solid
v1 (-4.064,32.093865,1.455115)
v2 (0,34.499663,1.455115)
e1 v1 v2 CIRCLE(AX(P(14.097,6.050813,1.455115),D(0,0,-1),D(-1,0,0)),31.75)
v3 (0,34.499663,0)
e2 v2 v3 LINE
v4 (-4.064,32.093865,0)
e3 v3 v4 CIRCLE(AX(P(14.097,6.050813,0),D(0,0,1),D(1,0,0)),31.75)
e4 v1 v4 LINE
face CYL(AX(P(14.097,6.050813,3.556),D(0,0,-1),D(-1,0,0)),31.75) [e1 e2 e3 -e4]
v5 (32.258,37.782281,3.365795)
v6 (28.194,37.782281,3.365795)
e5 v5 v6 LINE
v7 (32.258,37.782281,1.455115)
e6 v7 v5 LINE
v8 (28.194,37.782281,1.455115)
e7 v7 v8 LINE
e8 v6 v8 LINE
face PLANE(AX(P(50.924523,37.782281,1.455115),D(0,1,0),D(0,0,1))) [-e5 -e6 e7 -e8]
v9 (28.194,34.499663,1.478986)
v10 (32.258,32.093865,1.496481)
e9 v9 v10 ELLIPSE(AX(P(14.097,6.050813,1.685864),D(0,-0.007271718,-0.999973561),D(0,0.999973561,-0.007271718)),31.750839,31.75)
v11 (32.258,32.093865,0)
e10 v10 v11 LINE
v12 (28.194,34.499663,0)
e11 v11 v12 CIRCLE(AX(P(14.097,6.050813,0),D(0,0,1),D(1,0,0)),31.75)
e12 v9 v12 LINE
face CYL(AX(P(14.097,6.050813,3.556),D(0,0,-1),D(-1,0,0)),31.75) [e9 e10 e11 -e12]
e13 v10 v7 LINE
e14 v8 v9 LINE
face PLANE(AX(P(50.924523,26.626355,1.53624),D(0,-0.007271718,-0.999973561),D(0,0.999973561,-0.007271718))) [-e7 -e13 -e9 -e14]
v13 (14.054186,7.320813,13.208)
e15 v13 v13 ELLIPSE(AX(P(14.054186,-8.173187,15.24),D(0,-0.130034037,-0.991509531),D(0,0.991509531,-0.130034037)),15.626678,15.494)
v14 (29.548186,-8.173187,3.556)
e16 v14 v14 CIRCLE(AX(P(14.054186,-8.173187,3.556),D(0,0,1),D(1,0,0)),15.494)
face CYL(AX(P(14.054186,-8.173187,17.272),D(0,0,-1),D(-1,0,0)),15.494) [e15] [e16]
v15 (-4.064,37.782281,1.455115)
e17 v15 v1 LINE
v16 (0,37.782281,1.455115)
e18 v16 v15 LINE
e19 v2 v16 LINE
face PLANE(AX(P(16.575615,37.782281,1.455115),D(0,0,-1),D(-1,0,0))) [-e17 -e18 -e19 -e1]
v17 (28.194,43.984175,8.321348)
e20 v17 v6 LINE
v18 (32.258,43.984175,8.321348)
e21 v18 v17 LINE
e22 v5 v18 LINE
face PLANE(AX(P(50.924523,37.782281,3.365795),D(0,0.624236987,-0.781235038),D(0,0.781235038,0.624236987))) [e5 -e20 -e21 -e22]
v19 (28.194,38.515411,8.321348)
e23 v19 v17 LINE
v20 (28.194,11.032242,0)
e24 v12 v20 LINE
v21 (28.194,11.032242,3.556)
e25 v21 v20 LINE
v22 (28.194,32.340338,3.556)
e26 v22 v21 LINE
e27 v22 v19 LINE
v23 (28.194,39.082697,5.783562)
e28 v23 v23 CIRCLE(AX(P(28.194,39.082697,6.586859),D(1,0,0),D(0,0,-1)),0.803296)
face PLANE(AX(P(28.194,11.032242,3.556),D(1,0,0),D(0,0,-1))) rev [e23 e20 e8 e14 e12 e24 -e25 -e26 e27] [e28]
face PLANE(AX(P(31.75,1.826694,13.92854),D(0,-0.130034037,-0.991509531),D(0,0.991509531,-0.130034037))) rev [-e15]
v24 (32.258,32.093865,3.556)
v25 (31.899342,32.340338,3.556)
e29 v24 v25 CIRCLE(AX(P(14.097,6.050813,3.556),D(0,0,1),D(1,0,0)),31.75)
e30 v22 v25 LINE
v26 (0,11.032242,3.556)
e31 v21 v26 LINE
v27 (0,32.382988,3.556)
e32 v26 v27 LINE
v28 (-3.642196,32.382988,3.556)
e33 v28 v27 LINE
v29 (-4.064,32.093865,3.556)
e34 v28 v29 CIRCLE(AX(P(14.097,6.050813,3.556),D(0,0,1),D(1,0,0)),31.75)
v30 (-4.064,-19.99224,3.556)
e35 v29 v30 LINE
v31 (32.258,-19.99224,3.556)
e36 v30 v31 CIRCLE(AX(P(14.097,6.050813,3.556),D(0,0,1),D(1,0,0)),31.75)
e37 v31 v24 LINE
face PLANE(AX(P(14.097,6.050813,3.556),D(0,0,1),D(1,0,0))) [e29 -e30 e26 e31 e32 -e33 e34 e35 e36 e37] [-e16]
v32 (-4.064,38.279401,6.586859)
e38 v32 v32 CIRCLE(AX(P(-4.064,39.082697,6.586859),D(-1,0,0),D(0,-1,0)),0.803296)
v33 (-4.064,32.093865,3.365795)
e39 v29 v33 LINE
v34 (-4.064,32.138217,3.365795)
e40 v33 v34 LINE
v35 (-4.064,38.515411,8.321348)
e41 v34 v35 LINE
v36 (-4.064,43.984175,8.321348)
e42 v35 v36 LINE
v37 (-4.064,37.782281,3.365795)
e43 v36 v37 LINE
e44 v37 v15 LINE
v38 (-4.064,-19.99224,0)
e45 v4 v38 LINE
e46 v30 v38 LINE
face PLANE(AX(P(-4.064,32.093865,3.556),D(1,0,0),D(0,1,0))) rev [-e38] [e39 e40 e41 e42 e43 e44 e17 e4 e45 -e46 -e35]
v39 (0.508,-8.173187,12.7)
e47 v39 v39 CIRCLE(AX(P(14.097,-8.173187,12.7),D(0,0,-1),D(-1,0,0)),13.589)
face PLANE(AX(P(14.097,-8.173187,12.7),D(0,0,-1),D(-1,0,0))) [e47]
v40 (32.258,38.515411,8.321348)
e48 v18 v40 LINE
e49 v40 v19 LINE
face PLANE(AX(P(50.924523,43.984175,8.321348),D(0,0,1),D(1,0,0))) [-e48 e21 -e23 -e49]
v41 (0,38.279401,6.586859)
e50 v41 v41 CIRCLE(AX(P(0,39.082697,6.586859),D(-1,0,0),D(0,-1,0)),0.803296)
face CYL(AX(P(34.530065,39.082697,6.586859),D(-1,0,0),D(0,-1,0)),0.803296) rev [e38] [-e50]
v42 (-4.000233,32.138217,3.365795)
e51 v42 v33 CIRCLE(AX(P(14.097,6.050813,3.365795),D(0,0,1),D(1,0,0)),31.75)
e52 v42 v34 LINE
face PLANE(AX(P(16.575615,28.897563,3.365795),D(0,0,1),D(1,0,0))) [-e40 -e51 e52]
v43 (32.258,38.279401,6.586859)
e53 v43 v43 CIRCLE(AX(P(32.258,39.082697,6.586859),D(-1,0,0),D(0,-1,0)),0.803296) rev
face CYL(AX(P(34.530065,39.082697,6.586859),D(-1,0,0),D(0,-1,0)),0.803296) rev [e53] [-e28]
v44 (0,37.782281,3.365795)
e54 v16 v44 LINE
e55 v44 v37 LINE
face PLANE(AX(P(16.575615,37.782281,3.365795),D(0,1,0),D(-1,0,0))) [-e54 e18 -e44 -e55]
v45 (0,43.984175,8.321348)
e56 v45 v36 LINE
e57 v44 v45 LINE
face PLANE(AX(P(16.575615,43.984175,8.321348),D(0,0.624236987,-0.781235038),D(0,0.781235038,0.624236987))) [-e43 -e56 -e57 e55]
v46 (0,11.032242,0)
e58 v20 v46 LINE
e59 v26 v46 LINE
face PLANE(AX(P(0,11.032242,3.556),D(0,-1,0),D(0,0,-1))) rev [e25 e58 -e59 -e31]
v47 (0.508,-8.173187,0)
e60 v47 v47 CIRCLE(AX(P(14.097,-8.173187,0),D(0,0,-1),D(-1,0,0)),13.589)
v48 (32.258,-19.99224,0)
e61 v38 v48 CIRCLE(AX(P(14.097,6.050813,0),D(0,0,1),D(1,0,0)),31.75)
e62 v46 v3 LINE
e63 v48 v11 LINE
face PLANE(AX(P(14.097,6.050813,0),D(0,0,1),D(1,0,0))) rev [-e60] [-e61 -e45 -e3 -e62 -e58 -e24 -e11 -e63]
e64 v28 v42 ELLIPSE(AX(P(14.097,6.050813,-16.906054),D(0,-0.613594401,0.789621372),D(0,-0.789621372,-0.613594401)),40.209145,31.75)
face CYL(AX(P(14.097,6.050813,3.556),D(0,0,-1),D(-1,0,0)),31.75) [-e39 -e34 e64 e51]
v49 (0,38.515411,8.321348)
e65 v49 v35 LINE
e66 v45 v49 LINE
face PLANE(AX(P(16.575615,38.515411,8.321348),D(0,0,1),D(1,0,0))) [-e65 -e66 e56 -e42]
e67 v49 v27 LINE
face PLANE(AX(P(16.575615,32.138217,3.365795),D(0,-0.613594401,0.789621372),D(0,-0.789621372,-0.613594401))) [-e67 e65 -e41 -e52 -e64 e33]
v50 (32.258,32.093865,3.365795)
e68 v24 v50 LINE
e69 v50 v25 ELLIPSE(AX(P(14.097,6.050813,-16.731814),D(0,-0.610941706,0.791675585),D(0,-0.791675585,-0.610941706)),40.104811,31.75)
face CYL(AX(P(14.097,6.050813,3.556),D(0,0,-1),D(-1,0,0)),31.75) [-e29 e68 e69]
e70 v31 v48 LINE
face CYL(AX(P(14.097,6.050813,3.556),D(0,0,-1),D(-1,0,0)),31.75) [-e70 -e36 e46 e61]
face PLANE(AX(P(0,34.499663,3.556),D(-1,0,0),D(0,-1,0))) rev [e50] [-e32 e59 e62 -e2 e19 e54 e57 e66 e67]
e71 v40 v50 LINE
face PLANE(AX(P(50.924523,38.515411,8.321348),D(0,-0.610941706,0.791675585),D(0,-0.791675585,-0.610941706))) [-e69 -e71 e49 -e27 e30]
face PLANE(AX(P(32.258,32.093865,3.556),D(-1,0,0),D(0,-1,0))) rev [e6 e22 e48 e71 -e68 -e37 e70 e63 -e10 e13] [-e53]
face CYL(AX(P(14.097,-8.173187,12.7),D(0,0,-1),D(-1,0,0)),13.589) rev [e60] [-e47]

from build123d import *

# Parameters (mm, degrees)
LID_PROFILE_DEPTH           = 3.556
SKETCH2_R                   = 15.494
MOUTHPIECE_COVER_DEPTH      = 13.716
SKETCH5_R                   = 13.589
MOUTHPIECE_INSIDE_DEPTH     = 12.7
MOUTHPIECE_ANGLED_CUT_DEPTH = 31.75
LEFT_LID_HANDLE_REACH       = 54.989
RIGHT_LID_HANDLE_REACH      = 59.215
CUT_EXTRUDE1_REACH          = 61.6
SKETCH15_R                  = 0.803296428


with BuildPart() as part:
    # Sketch1 → Lid Profile (new body)
    with BuildSketch(Plane.XY):
        with BuildLine():
            Line((0, 34.499663168), (0, 21.545663168))
            Line((0, 21.545663168), (0, 11.032242365))
            Line((0, 11.032242365), (28.194, 11.032242365))
            Line((28.194, 11.032242365), (28.194, 21.545663168))
            Line((28.194, 21.545663168), (28.194, 34.499663168))
            ThreePointArc((28.194, 34.499663168), (30.270793835, 33.37243225), (32.258, 32.093865147))
            Line((32.258, 32.093865147), (32.258, -19.992239679))
            ThreePointArc((32.258, -19.992239679), (14.097, -25.699187266), (-4.064, -19.992239679))
            Line((-4.064, -19.992239679), (-4.064, 32.093865147))
            ThreePointArc((-4.064, 32.093865147), (-2.076793835, 33.37243225), (0, 34.499663168))
        make_face()
    extrude(amount=LID_PROFILE_DEPTH)

    # Sketch2 → Mouthpiece Cover (add)
    with BuildSketch(Plane.XY.offset(3.556)):
        with Locations((14.054185991, -8.173187266)):
            Circle(SKETCH2_R)
    extrude(amount=MOUTHPIECE_COVER_DEPTH)

    # Sketch5 → Mouthpiece Inside (cut)
    with BuildSketch(Plane(origin=(0, 0, 0), x_dir=(-1, 0, 0), z_dir=(0, 0, -1))):
        with Locations((-14.097, -8.173187266)):
            Circle(SKETCH5_R)
    extrude(amount=-MOUTHPIECE_INSIDE_DEPTH, mode=Mode.SUBTRACT)

    # Sketch12 → Mouthpiece Angled Cut (cut, symmetric)
    with BuildSketch(Plane(origin=(0, 0, 0), x_dir=(0, 0, -1), z_dir=(1, 0, 0))):
        Polygon((-17.272, -23.667187266), (-13.208, 7.320812734), (-17.272, 7.320812734), align=None)
    extrude(amount=MOUTHPIECE_ANGLED_CUT_DEPTH, both=True, mode=Mode.SUBTRACT)

    # Left Lid Handle: up to this face of the body (flat: up to its plane)
    left_lid_handle_end = Plane(part.part.faces().sort_by_distance((0, 22.765952767, 1.778))[0])
    # Sketch10 → Left Lid Handle (add, up to the picked face)
    with BuildSketch(Plane.ZY.offset(4.064), mode=Mode.PRIVATE) as left_lid_handle_sk1:
        Polygon((3.365795212, 32.138217174), (8.321348051, 38.515411016), (8.321348051, 43.984174588), (3.365795212, 37.782280768), (1.455115312, 37.782280768), (1.455115312, 28.897562955), (3.365795212, 28.897562955), align=None)
    left_lid_handle_tool1 = split(extrude(left_lid_handle_sk1.sketch, amount=-LEFT_LID_HANDLE_REACH, mode=Mode.PRIVATE), bisect_by=left_lid_handle_end, keep=Keep.BOTH, mode=Mode.PRIVATE)
    add(left_lid_handle_tool1.solids().sort_by(Axis((-4.064, 36.27745, 4.52617), (1, 0, 0)))[0])

    # Right Lid Handle: up to this face of the body (flat: up to its plane)
    right_lid_handle_end = Plane(part.part.faces().sort_by_distance((32.258, 6.050812734, 1.778))[0])
    # Sketch14 → Right Lid Handle (add, up to the picked face)
    with BuildSketch(Plane.ZY.offset(-28.194), mode=Mode.PRIVATE) as right_lid_handle_sk1:
        Polygon((8.321348051, 43.984174588), (8.321348051, 38.515411016), (3.365795212, 32.093865147), (3.302, 26.626354669), (1.53624021, 26.626354669), (1.455115312, 37.782280768), (3.365795212, 37.782280768), align=None)
    right_lid_handle_tool1 = split(extrude(right_lid_handle_sk1.sketch, amount=-RIGHT_LID_HANDLE_REACH, mode=Mode.PRIVATE), bisect_by=right_lid_handle_end, keep=Keep.BOTH, mode=Mode.PRIVATE)
    add(right_lid_handle_tool1.solids().sort_by(Axis((28.194, 35.592076, 4.370093), (1, 0, 0)))[0])

    # Cut-Extrude1: up to this face of the body (flat: up to its plane)
    cut_extrude1_end = Plane(part.part.faces().sort_by_distance((32.258, 11.399042149, 2.309511507))[0])
    # Sketch15 → Cut-Extrude1 (cut, up to the picked face)
    with BuildSketch(Plane.ZY.offset(4.064), mode=Mode.PRIVATE) as cut_extrude1_sk1:
        with Locations(Location((6.586858653, 39.082697022, 0), (0, 0, 270))):
            Circle(SKETCH15_R)
    cut_extrude1_tool1 = split(extrude(cut_extrude1_sk1.sketch, amount=-CUT_EXTRUDE1_REACH, mode=Mode.PRIVATE), bisect_by=cut_extrude1_end, keep=Keep.BOTH, mode=Mode.PRIVATE)
    add(cut_extrude1_tool1.solids().sort_by(Axis((-4.064, 39.082697, 6.586859), (1, 0, 0)))[0], mode=Mode.SUBTRACT)


solid = part.part
